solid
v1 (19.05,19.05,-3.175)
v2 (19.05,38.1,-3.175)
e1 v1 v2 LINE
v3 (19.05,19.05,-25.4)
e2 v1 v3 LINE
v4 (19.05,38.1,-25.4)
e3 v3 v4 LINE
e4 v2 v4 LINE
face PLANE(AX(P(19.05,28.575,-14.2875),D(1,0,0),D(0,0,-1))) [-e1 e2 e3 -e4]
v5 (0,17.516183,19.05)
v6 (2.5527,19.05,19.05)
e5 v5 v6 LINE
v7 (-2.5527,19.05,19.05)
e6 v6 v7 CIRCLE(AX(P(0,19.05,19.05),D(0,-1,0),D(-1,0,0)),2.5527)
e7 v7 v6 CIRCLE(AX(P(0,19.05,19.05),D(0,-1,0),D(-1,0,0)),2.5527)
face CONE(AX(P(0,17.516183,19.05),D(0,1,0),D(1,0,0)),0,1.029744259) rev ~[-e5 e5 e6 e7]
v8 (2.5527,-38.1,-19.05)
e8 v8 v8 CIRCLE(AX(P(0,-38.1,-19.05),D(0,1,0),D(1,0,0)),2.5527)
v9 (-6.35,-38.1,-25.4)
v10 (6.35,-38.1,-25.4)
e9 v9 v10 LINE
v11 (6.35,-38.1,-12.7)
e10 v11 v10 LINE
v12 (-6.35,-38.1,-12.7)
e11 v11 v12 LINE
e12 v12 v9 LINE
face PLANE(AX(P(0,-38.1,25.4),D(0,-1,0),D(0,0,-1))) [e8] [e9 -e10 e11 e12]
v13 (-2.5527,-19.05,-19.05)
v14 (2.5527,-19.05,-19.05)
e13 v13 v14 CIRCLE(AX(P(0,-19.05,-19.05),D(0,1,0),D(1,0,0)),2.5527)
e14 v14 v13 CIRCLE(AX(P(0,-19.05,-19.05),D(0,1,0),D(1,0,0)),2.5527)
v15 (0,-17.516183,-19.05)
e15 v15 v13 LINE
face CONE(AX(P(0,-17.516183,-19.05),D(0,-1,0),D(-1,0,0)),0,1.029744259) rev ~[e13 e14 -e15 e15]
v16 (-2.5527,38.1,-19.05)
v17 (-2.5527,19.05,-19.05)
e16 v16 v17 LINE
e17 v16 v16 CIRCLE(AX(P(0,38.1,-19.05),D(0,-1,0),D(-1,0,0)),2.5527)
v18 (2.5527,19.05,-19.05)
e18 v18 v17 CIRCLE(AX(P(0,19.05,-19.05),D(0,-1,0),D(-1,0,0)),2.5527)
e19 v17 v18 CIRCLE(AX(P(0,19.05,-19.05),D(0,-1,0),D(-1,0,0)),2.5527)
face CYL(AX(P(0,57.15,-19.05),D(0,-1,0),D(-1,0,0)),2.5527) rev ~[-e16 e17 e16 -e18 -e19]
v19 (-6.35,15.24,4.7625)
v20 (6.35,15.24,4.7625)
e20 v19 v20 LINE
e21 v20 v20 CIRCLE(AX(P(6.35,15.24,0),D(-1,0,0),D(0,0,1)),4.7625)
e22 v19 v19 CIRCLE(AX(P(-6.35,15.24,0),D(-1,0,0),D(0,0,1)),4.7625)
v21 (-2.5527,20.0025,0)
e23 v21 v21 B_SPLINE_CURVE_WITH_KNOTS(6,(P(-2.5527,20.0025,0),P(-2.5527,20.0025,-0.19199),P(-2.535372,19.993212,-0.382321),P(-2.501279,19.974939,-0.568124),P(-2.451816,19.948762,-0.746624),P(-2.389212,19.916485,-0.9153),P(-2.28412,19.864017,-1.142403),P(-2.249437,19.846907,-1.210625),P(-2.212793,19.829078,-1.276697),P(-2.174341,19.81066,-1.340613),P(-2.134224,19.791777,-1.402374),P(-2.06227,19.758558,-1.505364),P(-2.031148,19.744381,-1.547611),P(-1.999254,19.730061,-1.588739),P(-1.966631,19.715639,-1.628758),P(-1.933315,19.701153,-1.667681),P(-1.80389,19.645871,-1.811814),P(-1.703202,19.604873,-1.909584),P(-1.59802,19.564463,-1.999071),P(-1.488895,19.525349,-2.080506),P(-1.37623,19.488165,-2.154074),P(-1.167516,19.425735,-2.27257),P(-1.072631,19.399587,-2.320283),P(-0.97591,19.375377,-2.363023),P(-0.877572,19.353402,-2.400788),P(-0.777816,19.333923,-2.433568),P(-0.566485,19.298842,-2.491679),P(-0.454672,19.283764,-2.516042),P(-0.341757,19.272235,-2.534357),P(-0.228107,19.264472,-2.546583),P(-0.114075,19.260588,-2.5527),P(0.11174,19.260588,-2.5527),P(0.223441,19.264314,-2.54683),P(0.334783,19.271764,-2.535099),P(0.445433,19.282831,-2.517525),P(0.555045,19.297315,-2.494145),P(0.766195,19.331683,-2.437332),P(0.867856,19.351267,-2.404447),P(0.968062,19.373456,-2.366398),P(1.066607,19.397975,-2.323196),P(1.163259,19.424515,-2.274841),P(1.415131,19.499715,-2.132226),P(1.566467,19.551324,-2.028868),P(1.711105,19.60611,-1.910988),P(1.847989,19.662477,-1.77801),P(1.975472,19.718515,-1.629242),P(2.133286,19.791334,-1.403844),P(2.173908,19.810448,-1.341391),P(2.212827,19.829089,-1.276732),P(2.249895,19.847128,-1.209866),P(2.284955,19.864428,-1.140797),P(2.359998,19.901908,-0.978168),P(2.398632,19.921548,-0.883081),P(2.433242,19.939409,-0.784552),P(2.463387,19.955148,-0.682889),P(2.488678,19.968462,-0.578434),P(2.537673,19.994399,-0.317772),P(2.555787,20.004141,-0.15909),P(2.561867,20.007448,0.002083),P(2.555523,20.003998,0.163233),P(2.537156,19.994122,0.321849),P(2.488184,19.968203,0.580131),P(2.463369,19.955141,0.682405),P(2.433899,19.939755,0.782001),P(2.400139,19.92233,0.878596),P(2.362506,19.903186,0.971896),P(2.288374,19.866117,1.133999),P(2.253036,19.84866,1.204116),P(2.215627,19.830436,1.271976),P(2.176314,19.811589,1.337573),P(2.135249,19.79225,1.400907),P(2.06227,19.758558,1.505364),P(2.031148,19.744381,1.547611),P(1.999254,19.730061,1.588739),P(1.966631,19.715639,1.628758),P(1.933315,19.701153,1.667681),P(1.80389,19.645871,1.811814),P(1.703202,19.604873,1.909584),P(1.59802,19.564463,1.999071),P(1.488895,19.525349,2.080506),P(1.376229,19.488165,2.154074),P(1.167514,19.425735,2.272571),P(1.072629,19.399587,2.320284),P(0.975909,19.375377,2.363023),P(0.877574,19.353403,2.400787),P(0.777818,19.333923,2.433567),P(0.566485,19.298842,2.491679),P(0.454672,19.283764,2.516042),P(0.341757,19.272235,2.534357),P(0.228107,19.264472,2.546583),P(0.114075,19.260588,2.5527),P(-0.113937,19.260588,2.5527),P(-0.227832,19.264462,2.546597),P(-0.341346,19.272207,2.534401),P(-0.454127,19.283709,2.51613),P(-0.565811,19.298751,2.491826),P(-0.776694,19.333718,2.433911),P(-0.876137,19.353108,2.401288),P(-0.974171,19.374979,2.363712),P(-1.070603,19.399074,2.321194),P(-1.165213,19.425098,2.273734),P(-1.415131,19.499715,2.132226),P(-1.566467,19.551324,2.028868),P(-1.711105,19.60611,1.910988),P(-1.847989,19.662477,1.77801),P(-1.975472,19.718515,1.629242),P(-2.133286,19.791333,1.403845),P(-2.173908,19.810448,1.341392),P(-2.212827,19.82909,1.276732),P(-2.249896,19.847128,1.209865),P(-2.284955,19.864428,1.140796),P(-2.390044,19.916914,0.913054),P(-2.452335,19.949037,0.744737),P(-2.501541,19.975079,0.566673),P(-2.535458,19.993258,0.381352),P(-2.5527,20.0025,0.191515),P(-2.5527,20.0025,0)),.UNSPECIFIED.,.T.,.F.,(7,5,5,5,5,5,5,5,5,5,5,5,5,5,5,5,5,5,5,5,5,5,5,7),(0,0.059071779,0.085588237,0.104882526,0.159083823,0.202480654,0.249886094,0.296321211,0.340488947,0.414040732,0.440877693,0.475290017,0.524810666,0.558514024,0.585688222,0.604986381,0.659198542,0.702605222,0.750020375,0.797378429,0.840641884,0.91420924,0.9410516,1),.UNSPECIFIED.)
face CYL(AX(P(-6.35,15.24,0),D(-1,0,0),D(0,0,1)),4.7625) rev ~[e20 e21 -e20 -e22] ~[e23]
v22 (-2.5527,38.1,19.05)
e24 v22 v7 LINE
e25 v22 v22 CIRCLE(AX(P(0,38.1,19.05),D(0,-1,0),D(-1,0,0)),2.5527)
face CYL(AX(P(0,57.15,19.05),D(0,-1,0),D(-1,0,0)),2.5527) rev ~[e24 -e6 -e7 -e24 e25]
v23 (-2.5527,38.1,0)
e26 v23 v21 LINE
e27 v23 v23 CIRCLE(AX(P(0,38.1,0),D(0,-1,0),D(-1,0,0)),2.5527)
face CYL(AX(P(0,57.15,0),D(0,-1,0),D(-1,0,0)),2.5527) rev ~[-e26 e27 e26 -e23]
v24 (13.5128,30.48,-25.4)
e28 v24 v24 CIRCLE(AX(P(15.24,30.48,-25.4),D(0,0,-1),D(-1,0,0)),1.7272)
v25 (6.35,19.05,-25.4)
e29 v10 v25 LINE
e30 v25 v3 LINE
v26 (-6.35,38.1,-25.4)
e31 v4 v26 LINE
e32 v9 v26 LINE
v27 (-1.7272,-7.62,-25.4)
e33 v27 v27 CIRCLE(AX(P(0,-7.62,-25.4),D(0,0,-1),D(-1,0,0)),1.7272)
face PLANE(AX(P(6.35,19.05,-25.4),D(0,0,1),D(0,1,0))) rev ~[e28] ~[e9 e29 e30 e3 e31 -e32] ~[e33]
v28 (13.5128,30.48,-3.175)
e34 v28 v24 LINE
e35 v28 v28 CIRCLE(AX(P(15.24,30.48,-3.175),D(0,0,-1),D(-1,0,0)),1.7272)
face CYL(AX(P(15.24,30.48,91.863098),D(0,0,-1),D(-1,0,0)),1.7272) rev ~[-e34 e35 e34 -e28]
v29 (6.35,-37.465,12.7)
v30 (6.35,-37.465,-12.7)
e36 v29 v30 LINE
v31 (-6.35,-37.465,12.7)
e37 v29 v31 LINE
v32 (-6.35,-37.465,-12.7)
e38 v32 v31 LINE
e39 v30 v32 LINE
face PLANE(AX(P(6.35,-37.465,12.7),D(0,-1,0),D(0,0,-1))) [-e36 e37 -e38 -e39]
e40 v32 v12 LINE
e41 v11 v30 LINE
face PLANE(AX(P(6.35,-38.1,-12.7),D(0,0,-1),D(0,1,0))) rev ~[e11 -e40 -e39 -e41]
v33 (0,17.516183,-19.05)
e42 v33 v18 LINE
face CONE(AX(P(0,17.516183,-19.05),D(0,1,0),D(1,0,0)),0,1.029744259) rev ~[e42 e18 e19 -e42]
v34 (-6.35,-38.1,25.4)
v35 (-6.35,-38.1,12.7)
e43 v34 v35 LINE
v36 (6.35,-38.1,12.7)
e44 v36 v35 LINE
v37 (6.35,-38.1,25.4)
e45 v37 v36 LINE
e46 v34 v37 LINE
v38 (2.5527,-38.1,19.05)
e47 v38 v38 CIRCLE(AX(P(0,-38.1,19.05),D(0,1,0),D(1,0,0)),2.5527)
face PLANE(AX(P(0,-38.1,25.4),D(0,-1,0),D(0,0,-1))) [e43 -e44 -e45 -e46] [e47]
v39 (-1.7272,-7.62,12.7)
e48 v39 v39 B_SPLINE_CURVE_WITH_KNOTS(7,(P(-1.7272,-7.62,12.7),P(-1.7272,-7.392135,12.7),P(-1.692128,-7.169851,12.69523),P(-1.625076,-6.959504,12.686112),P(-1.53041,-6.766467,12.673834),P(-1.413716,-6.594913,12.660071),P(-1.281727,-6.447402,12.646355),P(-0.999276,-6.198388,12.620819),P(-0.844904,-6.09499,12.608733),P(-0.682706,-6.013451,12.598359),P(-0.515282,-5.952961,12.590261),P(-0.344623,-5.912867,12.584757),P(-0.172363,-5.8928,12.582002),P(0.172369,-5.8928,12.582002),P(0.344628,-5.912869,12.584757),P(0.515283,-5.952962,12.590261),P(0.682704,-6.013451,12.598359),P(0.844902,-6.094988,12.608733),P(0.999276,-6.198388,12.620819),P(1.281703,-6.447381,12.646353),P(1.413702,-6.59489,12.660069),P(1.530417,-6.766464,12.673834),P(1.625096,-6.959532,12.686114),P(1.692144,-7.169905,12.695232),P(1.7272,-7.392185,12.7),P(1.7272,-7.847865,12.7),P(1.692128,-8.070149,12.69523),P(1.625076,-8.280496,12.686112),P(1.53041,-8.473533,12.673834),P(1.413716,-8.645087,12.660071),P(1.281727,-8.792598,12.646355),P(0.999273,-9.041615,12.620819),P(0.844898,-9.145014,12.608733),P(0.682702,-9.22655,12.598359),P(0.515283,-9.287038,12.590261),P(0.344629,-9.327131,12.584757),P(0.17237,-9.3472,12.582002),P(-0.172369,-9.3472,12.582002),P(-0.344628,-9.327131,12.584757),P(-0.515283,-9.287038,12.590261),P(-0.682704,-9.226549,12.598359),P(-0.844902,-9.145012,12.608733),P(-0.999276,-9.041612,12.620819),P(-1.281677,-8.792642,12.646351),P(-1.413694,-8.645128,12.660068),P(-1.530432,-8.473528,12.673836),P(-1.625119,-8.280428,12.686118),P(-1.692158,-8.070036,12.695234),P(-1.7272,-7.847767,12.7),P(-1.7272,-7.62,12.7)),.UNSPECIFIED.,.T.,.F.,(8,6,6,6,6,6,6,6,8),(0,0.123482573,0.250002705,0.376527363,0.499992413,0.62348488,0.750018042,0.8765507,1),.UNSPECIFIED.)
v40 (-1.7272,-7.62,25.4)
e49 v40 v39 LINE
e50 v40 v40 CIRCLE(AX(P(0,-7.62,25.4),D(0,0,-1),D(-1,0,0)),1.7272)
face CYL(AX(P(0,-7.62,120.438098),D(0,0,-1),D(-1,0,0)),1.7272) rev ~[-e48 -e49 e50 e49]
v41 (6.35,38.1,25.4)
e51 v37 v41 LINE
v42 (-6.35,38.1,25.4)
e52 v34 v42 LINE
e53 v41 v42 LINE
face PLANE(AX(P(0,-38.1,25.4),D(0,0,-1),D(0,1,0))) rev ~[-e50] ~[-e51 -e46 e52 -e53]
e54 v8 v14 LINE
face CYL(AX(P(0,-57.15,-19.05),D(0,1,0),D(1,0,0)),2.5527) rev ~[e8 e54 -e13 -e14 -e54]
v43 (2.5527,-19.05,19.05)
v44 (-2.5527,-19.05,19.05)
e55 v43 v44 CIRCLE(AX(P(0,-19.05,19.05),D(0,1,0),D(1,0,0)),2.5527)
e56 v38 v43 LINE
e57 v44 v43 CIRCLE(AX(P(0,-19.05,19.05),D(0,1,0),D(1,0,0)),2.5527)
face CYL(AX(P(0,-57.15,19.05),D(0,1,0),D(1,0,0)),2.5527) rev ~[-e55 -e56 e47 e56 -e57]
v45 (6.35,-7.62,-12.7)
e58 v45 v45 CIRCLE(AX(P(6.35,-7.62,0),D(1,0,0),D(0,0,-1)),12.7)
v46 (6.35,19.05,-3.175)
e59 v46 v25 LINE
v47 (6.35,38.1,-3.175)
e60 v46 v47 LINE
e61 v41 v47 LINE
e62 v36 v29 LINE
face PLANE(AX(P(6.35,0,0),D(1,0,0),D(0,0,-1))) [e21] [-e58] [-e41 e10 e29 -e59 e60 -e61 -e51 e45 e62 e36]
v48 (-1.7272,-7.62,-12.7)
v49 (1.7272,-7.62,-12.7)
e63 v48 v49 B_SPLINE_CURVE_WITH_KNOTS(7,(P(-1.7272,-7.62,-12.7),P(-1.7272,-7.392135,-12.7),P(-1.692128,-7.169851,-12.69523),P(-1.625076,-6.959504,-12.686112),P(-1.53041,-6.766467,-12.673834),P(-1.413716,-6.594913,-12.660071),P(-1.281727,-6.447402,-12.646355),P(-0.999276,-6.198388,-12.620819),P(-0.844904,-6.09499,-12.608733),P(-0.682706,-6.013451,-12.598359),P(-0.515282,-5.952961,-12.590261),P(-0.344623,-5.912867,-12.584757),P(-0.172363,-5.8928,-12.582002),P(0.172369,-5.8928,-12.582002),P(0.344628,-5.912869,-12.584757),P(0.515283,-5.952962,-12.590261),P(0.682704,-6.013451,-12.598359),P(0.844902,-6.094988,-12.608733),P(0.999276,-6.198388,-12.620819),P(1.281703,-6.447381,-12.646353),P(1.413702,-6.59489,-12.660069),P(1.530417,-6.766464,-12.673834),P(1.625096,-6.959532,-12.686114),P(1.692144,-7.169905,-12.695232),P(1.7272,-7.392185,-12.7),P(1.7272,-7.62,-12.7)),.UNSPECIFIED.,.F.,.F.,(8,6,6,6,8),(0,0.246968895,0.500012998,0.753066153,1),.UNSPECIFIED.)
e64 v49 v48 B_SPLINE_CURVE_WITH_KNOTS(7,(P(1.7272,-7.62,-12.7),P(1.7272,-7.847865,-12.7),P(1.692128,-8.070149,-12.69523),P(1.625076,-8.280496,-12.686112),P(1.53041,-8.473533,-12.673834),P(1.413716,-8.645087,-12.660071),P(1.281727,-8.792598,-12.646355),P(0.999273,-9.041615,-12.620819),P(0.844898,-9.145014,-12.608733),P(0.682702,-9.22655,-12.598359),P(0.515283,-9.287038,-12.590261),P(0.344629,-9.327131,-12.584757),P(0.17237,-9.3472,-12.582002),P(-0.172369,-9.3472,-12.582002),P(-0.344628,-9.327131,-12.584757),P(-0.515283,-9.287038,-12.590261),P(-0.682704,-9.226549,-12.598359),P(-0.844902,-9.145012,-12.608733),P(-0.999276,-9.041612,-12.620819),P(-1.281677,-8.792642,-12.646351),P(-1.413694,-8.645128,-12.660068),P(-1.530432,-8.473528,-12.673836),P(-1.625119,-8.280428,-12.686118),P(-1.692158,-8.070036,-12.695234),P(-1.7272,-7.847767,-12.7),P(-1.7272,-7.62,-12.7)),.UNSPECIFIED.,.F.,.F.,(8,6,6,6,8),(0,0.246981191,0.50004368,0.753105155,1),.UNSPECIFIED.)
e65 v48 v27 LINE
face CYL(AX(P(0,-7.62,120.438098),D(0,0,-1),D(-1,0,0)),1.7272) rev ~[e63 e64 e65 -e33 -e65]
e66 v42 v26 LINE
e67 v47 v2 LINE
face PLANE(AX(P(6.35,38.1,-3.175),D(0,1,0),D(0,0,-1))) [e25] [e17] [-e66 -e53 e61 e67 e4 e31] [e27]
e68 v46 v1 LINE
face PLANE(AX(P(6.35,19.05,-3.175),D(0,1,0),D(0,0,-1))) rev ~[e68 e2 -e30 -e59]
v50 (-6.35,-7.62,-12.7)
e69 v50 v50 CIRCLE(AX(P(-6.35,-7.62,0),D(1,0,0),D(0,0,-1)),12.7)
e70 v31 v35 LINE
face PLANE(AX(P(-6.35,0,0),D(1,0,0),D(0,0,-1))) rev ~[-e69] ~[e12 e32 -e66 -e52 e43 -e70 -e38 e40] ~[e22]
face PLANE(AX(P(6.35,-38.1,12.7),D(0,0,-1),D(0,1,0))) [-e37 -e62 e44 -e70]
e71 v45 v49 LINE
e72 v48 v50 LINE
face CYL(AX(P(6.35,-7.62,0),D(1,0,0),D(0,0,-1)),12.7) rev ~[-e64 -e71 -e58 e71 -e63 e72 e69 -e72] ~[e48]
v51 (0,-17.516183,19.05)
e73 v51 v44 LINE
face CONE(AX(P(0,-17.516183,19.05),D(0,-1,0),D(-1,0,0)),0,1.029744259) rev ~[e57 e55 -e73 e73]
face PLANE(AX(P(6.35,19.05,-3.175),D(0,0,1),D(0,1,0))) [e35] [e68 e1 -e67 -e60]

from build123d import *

# Parameters (mm, degrees)
SKETCH1_W                   = 50.8
SKETCH1_H                   = 76.2
BOSS_EXTRUDE1_DEPTH         = 6.35
SKETCH2_W                   = 22.225
SKETCH2_H                   = 19.05
BOSS_EXTRUDE2_DEPTH         = 12.7
F_1_4_20_TAPPED_HOLE1_D     = 5.1054
F_1_4_20_TAPPED_HOLE1_DEPTH = 19.05
F_1_4_20_TAPPED_HOLE1_TIP   = 1.533816902
CUT_EXTRUDE1_REACH          = 14.7
SKETCH5_W                   = 25.4
SKETCH5_H                   = 0.635
F_1_4_20_TAPPED_HOLE2_D     = 5.1054
F_1_4_20_TAPPED_HOLE2_DEPTH = 19.05
F_1_4_20_TAPPED_HOLE2_TIP   = 1.533816902
CUT_EXTRUDE2_REACH          = 14.7
SKETCH8_R                   = 12.7
F_8_32_TAPPED_HOLE1_D       = 3.4544
SKETCH11_R                  = 4.7625
CUT_EXTRUDE3_DEPTH          = 26.4
F_8_32_TAPPED_HOLE2_D       = 3.4544


with BuildPart() as part:
    # Sketch1 → Boss-Extrude1 (new body, symmetric)
    with BuildSketch(Plane(origin=(0, 0, 0), x_dir=(0, 0, -1), z_dir=(1, 0, 0))):
        Rectangle(SKETCH1_W, SKETCH1_H)
    extrude(amount=BOSS_EXTRUDE1_DEPTH, both=True)

    # Sketch2 → Boss-Extrude2 (add)
    with BuildSketch(Plane(origin=(6.35, 0, 0), x_dir=(0, 0, -1), z_dir=(1, 0, 0))):
        with Locations((14.2875, 28.575)):
            Rectangle(SKETCH2_W, SKETCH2_H)
    extrude(amount=BOSS_EXTRUDE2_DEPTH)

    # 1/4-20 Tapped Hole1
    with Locations(Plane(origin=(0, -38.1, 0), x_dir=(-1, 0, 0), z_dir=(0, -1, 0))):
        with Locations((0, -19.05), (0, 19.05)):
            Hole(F_1_4_20_TAPPED_HOLE1_D / 2, depth=F_1_4_20_TAPPED_HOLE1_DEPTH)
            with Locations((0, 0, -(F_1_4_20_TAPPED_HOLE1_DEPTH + F_1_4_20_TAPPED_HOLE1_TIP / 2))):  # 118° drill point
                Cone(0, F_1_4_20_TAPPED_HOLE1_D / 2, F_1_4_20_TAPPED_HOLE1_TIP, mode=Mode.SUBTRACT)

    # Sketch5 → Cut-Extrude1 (cut, up to next)
    with BuildSketch(Plane(origin=(6.35, 0, 0), x_dir=(0, 0, -1), z_dir=(1, 0, 0)), mode=Mode.PRIVATE) as cut_extrude1_sk1:
        with Locations((0, -37.7825)):
            Rectangle(SKETCH5_W, SKETCH5_H)
    cut_extrude1_tool1 = extrude(cut_extrude1_sk1.sketch, amount=-CUT_EXTRUDE1_REACH, mode=Mode.PRIVATE) & part.part
    add(cut_extrude1_tool1.solids().sort_by_distance((6.35, -37.7825, 0))[0], mode=Mode.SUBTRACT)

    # 1/4-20 Tapped Hole2
    with Locations(Plane(origin=(0, 38.1, 0), x_dir=(1, 0, 0), z_dir=(0, 1, 0))):
        with Locations((0, 19.05), (0, 0), (0, -19.05)):
            Hole(F_1_4_20_TAPPED_HOLE2_D / 2, depth=F_1_4_20_TAPPED_HOLE2_DEPTH)
            with Locations((0, 0, -(F_1_4_20_TAPPED_HOLE2_DEPTH + F_1_4_20_TAPPED_HOLE2_TIP / 2))):  # 118° drill point
                Cone(0, F_1_4_20_TAPPED_HOLE2_D / 2, F_1_4_20_TAPPED_HOLE2_TIP, mode=Mode.SUBTRACT)

    # Sketch8 → Cut-Extrude2 (cut, up to next)
    with BuildSketch(Plane(origin=(6.35, 0, 0), x_dir=(0, 0, -1), z_dir=(1, 0, 0)), mode=Mode.PRIVATE) as cut_extrude2_sk1:
        with Locations((0, -7.62)):
            Circle(SKETCH8_R)
    cut_extrude2_tool1 = extrude(cut_extrude2_sk1.sketch, amount=-CUT_EXTRUDE2_REACH, mode=Mode.PRIVATE) & part.part
    add(cut_extrude2_tool1.solids().sort_by_distance((6.35, -7.62, 0))[0], mode=Mode.SUBTRACT)

    # #8-32 Tapped Hole1 (through all)
    with Locations(Plane.XY.offset(-3.175)):
        with Locations((15.24, 30.48)):
            Hole(F_8_32_TAPPED_HOLE1_D / 2)

    # Sketch11 → Cut-Extrude3 (cut, through all)
    with BuildSketch(Plane.ZY.offset(6.35)):
        with Locations((0, 15.24)):
            Circle(SKETCH11_R)
    extrude(amount=-CUT_EXTRUDE3_DEPTH, mode=Mode.SUBTRACT)

    # #8-32 Tapped Hole2 (through all)
    with Locations(Plane.XY.offset(25.4)):
        with Locations((0, -7.62)):
            Hole(F_8_32_TAPPED_HOLE2_D / 2)


solid = part.part
